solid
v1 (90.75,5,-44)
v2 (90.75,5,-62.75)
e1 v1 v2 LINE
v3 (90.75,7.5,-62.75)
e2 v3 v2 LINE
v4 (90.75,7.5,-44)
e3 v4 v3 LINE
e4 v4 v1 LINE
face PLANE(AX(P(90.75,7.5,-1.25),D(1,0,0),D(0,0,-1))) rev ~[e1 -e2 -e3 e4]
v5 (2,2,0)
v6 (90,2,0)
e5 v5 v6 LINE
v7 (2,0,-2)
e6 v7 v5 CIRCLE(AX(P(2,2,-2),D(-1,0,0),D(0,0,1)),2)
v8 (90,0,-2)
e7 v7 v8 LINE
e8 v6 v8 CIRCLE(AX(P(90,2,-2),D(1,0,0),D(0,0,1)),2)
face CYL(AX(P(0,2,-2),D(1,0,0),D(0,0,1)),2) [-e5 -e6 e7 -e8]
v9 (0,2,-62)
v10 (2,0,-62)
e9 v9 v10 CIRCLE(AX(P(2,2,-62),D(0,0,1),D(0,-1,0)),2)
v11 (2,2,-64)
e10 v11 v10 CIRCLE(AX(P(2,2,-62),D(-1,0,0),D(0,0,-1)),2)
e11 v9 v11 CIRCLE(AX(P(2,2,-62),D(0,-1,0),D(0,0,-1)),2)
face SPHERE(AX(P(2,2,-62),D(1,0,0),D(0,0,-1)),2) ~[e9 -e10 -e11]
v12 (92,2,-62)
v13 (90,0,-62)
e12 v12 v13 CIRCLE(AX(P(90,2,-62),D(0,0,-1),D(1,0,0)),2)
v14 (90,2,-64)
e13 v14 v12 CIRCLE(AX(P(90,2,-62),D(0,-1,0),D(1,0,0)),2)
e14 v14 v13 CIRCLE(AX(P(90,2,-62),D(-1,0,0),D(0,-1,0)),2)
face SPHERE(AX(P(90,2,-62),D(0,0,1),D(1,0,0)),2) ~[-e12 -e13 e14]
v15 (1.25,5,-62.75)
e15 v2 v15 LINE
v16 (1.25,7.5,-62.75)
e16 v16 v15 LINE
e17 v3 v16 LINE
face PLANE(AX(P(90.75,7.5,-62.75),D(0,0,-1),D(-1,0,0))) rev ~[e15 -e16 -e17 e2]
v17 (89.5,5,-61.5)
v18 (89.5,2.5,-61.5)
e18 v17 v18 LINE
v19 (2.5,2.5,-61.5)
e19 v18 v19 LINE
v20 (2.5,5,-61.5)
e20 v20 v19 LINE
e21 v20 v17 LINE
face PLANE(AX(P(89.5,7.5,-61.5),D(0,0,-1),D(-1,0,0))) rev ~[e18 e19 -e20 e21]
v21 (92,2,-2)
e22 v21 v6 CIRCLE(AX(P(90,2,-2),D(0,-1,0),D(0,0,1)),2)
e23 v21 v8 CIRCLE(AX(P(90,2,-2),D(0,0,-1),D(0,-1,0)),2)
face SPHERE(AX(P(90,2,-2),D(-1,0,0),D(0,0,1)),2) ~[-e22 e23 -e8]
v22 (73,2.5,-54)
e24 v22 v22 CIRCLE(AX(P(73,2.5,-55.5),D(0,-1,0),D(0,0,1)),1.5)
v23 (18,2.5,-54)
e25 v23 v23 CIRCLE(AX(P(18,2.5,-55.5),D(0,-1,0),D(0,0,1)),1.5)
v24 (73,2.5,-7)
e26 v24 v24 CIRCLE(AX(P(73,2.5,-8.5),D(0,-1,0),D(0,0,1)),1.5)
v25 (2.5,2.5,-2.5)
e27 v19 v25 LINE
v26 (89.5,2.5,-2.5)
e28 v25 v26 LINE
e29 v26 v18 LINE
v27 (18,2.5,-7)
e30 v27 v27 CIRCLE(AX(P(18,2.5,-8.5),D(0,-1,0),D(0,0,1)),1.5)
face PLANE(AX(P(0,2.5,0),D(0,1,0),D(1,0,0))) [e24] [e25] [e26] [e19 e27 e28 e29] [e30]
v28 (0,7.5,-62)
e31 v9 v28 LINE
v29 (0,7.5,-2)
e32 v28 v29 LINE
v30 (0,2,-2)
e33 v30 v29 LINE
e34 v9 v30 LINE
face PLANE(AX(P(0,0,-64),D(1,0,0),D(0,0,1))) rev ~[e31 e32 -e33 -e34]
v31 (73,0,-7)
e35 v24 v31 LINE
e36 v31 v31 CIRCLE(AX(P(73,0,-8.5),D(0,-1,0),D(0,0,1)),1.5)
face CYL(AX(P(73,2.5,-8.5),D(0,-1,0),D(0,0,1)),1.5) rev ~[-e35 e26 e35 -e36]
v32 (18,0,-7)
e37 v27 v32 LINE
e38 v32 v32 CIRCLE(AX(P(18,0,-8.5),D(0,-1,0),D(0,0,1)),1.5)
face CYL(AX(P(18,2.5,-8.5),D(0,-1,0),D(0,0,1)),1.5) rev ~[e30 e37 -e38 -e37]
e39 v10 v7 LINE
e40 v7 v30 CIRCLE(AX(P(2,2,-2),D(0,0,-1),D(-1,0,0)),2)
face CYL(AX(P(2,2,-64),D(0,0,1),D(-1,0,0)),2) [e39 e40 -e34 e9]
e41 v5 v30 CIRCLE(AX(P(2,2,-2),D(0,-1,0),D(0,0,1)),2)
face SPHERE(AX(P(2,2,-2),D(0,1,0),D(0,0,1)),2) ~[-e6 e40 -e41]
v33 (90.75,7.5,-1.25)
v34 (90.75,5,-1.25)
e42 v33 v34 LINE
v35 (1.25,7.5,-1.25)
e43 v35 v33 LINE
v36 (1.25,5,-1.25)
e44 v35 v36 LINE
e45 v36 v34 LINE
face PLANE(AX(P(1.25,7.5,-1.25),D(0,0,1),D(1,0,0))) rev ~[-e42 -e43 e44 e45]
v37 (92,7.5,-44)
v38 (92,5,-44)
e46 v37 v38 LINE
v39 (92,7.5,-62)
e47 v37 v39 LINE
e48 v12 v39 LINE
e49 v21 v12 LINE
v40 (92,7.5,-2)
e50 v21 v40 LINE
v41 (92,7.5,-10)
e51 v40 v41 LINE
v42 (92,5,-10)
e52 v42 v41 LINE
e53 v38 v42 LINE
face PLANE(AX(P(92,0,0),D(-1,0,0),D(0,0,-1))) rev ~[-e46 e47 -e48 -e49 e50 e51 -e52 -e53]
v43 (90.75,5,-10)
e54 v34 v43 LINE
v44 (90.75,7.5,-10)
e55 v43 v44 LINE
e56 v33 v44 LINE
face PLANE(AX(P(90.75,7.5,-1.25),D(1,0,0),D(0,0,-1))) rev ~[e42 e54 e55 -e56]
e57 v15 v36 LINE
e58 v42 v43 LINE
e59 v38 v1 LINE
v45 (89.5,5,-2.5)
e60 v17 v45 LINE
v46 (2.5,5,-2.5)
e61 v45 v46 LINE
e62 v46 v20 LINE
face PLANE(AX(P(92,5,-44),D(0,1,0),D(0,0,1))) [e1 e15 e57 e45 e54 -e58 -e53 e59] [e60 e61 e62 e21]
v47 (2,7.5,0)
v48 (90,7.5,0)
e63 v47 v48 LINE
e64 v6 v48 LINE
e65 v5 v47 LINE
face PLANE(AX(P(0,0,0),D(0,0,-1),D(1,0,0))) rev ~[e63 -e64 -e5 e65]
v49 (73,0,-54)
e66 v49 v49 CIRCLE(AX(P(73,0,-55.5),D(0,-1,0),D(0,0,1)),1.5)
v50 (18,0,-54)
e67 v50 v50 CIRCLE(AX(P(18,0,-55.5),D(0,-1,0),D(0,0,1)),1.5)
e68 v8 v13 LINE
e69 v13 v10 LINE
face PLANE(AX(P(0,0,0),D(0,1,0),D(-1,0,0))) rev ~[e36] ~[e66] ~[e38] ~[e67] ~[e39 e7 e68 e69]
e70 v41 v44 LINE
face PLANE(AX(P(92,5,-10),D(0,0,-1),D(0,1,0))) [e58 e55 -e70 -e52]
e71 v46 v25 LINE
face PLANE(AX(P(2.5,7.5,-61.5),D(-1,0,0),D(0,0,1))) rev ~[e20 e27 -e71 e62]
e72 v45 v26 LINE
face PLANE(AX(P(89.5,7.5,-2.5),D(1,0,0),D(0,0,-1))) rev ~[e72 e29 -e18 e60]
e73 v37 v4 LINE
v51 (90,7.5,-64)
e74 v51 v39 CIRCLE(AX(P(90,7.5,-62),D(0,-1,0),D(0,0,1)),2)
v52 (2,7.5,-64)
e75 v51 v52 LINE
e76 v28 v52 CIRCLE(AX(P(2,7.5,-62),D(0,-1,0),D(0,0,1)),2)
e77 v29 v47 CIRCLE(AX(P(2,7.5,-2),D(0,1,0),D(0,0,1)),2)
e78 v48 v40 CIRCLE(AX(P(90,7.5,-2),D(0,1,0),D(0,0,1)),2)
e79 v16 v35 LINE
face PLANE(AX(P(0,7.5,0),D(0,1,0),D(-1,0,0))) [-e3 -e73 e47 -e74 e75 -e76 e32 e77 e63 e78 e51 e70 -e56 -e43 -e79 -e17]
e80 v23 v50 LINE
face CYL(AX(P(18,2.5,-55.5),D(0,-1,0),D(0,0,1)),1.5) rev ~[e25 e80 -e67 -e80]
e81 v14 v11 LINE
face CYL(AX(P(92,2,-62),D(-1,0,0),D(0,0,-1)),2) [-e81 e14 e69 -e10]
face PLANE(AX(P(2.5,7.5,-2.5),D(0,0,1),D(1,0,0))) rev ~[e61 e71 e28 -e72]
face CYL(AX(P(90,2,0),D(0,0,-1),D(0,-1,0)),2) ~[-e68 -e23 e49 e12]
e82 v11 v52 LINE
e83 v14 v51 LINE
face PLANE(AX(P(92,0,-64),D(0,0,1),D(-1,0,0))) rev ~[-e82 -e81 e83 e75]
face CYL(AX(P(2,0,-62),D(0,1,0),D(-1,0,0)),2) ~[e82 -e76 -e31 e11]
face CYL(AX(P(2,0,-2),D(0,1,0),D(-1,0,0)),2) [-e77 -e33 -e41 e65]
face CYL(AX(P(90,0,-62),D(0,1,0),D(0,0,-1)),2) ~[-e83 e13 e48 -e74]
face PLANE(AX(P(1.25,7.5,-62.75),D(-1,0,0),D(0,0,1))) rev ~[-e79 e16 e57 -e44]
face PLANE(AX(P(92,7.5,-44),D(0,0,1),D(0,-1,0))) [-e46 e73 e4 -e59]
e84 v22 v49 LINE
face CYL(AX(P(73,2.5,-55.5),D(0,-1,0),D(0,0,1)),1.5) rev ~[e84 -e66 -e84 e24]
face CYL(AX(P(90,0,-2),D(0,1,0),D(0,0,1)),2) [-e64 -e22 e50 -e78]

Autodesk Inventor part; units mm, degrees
ref_plane "YZ Plane" through (0, 0, 0) normal (1, 0, 0) x (0, 1, 0)
ref_plane "XZ Plane" through (0, 0, 0) normal (0, 1, 0) x (-1, 0, 0)
ref_plane "XY Plane" through (0, 0, 0) normal (0, 0, 1) x (1, 0, 0)
sketch "Sketch1" plane through (0, 0, 0) normal (0, 1, 0) x (-1, 0, 0)
  line L0 (0, 0) -> (-92, 0)
  line L1 (-92, 0) -> (-92, -64)
  line L2 (-92, -64) -> (0, -64)
  line L3 (0, -64) -> (0, 0)
  dimension "d0" = 64
  dimension "d1" = 92
extrude "Extrusion1" add sketch "Sketch1" along normal blind 7.5
sketch "Sketch2" plane through (0, 7.5, 0) normal (0, 1, 0) x (1, 0, 0)
  line L0 (2.5, 2.5) -> (89.5, 2.5)
  line L1 (89.5, 2.5) -> (89.5, 61.5)
  line L2 (89.5, 61.5) -> (2.5, 61.5)
  line L3 (2.5, 61.5) -> (2.5, 2.5)
  line L4 (0, 64) -> (0, 0) projected
  line L5 (0, 0) -> (92, 0) projected
  line L6 (92, 0) -> (92, 64) projected
  line L7 (92, 64) -> (0, 64) projected
  dimension "d4" = 2.5
  dimension "d5" = 2.5
  dimension "d6" = 2.5
  dimension "d7" = 2.5
extrude "Extrusion2" cut sketch "Sketch2" against normal blind 5 contours L3 L2 L1 L0
fillet "Fillet1" radius 2 8 edges at (0, 3.75, 0) (46, 0, 0) (92, 3.75, 0) (92, 0, -32) (92, 3.75, -64) (46, 0, -64) (0, 3.75, -64) (0, 0, -32)
sketch "Sketch3" plane through (0, 7.5, 0) normal (0, 1, 0) x (1, 0, 0)
  line L0 (1.25, 1.25) -> (90.75, 1.25)
  line L1 (90.75, 1.25) -> (90.75, 62.75)
  line L2 (90.75, 62.75) -> (1.25, 62.75)
  line L3 (1.25, 62.75) -> (1.25, 1.25)
  line L4 (0, 62) -> (0, 2) projected
  line L5 (2, 0) -> (90, 0) projected
  line L6 (92, 2) -> (92, 62) projected
  line L7 (90, 64) -> (2, 64) projected
  point P0 (0, 0)
  dimension "d11" = 1.25
  dimension "d12" = 1.25
  dimension "d13" = 1.25
  dimension "d14" = 1.25
extrude "Extrusion3" cut sketch "Sketch3" against normal blind 2.5
sketch "Sketch4" plane through (0, 2.5, 0) normal (0, 1, 0) x (1, 0, 0)
  line L0 (5, 5) -> (87, 5)
  line L1 (87, 5) -> (87, 59)
  line L2 (87, 59) -> (5, 59)
  line L3 (5, 59) -> (5, 5)
  line L4 (2.5, 2.5) -> (2.5, 61.5) projected
  line L5 (89.5, 2.5) -> (2.5, 2.5) projected
  line L6 (2.5, 61.5) -> (89.5, 61.5) projected
  line L7 (89.5, 61.5) -> (89.5, 2.5) projected
  line L8 (18, 55.5) -> (73, 55.5)
  line L9 (73, 55.5) -> (73, 8.5)
  line L10 (73, 8.5) -> (18, 8.5)
  line L11 (18, 8.5) -> (18, 55.5)
  point P0 (0, 0)
  dimension "d17" = 2.5
  dimension "d18" = 2.5
  dimension "d19" = 2.5
  dimension "d20" = 2.5
  dimension "d21" = 14
  dimension "d22" = 13
  dimension "d23" = 54
  dimension "d24" = 82
  dimension "d25" = 3.5
  dimension "d26" = 3.5
hole "Hole1" at (18, 2.5, -8.5) at (18, 2.5, -55.5) at (73, 2.5, -55.5) at (73, 2.5, -8.5) direction (0, -1, 0) diameter 3 end through all
sketch "Sketch5" plane through (92, 2, -2) normal (1, 0, 0) x (0, 0, -1)
  line L0 (8, 5.5) -> (42, 5.5)
  line L1 (42, 5.5) -> (42, 3)
  line L2 (42, 3) -> (8, 3)
  line L3 (8, 3) -> (8, 5.5)
  line L4 (0, 5.5) -> (60, 5.5) projected
  line L5 (0, 0) -> (0, 5.5) projected
  line L6 (60, 5.5) -> (60, 0) projected
  point P0 (-2, -2)
  dimension "d34" = 0
  dimension "d35" = 8
  dimension "d36" = 18
  dimension "d37" = 2.5
extrude "Extrusion4" cut sketch "Sketch5" against normal blind 2.5
